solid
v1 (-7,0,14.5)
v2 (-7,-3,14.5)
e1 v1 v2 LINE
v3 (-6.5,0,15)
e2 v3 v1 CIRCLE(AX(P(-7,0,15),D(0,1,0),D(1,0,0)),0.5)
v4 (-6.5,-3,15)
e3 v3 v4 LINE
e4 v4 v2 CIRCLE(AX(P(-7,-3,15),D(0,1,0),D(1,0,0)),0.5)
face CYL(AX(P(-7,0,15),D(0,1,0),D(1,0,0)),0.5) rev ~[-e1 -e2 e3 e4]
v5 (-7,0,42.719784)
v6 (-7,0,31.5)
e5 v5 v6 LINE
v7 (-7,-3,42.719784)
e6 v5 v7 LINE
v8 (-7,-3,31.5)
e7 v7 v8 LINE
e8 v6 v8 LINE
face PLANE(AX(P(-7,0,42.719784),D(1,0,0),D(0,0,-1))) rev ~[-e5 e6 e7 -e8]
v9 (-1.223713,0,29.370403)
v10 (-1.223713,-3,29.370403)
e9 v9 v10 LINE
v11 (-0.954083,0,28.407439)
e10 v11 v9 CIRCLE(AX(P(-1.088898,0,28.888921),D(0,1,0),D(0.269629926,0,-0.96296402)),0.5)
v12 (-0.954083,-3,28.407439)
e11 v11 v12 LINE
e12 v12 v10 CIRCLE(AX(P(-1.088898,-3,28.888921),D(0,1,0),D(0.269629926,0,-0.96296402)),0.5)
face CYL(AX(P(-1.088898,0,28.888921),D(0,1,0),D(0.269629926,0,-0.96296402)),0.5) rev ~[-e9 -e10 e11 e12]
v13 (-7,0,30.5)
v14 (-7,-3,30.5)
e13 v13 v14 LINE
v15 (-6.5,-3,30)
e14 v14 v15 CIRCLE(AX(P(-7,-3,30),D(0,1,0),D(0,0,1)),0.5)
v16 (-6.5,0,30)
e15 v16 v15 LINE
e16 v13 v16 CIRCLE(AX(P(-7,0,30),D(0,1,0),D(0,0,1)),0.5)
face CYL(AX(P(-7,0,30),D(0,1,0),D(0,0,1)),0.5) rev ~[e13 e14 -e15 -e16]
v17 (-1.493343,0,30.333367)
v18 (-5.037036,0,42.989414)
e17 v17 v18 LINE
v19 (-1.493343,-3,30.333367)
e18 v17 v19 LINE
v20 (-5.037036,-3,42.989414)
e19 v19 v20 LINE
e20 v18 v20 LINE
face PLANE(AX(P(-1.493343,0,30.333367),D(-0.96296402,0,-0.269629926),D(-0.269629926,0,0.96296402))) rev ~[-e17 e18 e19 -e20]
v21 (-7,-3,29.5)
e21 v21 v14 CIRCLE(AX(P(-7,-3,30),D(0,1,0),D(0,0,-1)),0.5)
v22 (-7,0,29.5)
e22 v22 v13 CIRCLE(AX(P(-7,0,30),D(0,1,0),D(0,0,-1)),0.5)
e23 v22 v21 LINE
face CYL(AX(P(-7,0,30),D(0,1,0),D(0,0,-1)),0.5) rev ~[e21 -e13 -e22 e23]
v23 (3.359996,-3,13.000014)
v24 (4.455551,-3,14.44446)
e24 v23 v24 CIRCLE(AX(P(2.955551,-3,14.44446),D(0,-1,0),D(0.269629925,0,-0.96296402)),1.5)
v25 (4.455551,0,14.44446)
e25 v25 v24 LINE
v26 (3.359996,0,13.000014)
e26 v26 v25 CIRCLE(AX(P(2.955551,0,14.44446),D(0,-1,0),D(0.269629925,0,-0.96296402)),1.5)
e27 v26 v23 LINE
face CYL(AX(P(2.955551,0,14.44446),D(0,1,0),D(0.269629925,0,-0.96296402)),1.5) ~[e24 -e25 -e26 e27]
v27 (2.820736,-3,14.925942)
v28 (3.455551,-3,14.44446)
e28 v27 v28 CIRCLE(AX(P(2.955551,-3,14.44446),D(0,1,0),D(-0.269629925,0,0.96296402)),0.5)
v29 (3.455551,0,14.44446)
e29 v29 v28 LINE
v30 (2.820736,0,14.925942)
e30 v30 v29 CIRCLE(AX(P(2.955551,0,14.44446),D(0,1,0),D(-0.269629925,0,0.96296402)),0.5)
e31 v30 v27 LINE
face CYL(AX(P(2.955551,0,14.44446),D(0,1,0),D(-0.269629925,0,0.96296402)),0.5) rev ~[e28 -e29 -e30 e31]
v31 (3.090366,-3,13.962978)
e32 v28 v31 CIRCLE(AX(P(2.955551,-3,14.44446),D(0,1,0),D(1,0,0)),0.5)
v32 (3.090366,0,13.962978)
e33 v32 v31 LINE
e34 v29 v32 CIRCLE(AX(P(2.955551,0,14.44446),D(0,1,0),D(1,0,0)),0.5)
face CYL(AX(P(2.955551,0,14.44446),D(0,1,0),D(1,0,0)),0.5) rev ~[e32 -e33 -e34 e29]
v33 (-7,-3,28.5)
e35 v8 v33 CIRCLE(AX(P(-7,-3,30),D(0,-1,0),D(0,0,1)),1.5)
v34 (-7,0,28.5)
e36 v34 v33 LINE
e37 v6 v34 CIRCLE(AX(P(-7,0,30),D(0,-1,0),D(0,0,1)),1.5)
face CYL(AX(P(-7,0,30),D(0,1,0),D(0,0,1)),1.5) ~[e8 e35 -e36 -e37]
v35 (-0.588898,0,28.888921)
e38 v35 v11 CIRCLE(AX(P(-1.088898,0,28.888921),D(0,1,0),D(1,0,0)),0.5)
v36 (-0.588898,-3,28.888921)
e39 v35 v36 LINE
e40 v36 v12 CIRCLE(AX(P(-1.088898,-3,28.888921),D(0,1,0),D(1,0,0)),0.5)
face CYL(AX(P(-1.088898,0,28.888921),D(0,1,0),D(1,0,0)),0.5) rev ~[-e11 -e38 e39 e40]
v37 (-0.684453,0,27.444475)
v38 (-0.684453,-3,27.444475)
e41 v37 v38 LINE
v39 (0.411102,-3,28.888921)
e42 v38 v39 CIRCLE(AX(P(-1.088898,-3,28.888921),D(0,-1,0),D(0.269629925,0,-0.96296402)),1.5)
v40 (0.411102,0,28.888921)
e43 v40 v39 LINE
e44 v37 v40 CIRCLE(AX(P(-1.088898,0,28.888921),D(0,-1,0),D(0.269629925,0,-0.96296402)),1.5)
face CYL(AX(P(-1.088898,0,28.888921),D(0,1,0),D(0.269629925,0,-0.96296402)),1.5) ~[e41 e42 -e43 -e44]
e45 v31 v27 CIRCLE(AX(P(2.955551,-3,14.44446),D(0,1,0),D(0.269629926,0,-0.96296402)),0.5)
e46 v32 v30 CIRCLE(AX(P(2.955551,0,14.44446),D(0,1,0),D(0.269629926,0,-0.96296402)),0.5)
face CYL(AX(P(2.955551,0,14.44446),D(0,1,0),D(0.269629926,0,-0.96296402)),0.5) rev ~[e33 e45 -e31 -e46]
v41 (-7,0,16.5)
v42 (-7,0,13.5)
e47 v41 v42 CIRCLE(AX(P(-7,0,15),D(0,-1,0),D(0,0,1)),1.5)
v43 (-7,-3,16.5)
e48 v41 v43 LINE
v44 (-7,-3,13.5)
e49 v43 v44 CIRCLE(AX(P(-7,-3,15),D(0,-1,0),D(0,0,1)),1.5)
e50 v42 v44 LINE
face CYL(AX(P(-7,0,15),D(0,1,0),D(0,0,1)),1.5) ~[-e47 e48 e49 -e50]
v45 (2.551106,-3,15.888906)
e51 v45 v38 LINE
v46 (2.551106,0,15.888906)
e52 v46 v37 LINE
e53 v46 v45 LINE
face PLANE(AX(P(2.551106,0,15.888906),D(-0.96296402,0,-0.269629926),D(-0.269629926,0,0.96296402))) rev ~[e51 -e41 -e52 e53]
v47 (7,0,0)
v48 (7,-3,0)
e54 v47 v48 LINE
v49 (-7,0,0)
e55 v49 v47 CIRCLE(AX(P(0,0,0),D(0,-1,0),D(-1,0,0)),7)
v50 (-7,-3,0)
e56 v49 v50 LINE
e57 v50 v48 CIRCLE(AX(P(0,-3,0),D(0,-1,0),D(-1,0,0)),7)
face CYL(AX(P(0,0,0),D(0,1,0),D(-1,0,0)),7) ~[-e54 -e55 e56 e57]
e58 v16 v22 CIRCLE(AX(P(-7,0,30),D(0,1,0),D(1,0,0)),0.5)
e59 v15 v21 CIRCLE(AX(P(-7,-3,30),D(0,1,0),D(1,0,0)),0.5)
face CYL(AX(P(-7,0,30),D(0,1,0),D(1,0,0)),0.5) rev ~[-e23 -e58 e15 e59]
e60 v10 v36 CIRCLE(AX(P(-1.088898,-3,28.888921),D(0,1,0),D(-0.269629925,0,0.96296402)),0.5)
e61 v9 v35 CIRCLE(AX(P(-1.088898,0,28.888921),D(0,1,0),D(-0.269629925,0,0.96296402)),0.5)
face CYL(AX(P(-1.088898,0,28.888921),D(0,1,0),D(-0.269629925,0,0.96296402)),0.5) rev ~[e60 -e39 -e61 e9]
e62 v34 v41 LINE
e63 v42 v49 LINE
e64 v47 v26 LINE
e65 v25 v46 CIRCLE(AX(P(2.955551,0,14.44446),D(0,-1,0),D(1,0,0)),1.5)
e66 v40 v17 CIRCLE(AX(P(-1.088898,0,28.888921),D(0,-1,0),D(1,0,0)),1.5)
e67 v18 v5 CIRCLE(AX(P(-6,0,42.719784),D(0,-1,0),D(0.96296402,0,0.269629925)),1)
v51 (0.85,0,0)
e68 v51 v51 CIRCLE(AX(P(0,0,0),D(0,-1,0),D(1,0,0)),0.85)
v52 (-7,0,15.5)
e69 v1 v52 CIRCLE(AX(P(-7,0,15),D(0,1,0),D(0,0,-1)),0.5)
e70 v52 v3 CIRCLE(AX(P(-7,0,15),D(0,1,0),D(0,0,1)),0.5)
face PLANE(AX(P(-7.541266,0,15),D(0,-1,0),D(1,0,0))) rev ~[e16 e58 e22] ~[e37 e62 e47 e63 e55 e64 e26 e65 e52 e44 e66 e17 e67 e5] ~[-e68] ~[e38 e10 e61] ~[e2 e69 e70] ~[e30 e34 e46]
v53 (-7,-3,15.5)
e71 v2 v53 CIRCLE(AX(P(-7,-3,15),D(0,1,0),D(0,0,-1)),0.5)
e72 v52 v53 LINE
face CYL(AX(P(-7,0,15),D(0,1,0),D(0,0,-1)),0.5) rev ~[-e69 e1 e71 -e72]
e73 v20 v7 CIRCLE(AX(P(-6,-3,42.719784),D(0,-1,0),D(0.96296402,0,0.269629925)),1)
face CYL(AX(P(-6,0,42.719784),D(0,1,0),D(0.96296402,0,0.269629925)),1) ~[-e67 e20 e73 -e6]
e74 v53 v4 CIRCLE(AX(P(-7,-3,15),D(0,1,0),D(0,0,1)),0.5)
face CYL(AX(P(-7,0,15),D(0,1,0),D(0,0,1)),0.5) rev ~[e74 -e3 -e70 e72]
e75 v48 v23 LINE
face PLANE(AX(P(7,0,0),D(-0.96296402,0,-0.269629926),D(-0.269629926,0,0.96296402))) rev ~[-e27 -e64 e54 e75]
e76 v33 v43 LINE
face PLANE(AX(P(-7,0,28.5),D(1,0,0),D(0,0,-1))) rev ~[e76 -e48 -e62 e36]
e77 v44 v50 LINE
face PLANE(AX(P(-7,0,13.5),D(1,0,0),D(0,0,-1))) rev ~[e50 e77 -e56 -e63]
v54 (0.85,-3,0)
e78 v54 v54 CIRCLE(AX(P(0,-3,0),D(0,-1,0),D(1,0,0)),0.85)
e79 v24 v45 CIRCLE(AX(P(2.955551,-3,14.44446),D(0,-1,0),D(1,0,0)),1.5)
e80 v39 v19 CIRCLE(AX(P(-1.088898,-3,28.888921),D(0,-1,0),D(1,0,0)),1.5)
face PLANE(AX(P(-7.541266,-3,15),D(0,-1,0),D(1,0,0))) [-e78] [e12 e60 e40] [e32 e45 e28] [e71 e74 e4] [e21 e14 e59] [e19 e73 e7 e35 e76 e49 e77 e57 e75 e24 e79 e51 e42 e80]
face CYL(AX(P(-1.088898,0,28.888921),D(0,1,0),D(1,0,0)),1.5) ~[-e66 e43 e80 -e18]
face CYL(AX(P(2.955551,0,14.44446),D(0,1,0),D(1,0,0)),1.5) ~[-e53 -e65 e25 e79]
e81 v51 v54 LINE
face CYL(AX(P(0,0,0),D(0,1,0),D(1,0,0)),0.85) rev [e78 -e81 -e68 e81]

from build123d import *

# Parameters (mm, degrees)
F0_R     = 0.85
F1_DEPTH = 3


with BuildPart() as f1:
    # F0 (on Front) → F1 (new body)
    with BuildSketch(Plane.XZ):
        with BuildLine():
            ThreePointArc((-7, 16.5), (-8.5, 15), (-7, 13.5))
            Line((-7, 13.5), (-7, 14.5))
            ThreePointArc((-7, 14.5), (-7.5, 15), (-7, 15.5))
            Line((-7, 15.5), (-7, 16.5))
        make_face()
        with BuildLine():
            ThreePointArc((-7, 31.5), (-8.5, 30), (-7, 28.5))
            Line((-7, 28.5), (-7, 29.5))
            ThreePointArc((-7, 29.5), (-7.5, 30), (-7, 30.5))
            Line((-7, 30.5), (-7, 31.5))
        make_face()
        with BuildLine():
            Line((3.09036608, 13.9629782859), (3.3599960055, 13.0000142661))
            ThreePointArc((3.3599960055, 13.0000142661), (4.1506802593, 13.5380021699), (4.4555511172, 14.4444602957))
            ThreePointArc((4.4555511172, 14.4444602957), (3.862009243, 15.6395894378), (2.5511062289, 15.8889063253))
            Line((2.5511062289, 15.8889063253), (2.8207361544, 14.9259423056))
            ThreePointArc((2.8207361544, 14.9259423056), (3.2577038258, 14.8428366764), (3.4555511172, 14.4444602957))
            ThreePointArc((3.4555511172, 14.4444602957), (3.3539274979, 14.1423075871), (3.09036608, 13.9629782859))
        make_face()
        with BuildLine():
            Line((-0.9540828028, 28.4074385816), (-0.6844528773, 27.4444745619))
            ThreePointArc((-0.6844528773, 27.4444745619), (0.1062313765, 27.9824624656), (0.4111022344, 28.8889205914))
            ThreePointArc((0.4111022344, 28.8889205914), (-0.1824396398, 30.0840497335), (-1.4933426539, 30.333366621))
            Line((-1.4933426539, 30.333366621), (-1.2237127284, 29.3704026013))
            ThreePointArc((-1.2237127284, 29.3704026013), (-0.786745057, 29.2872969721), (-0.5888977656, 28.8889205914))
            ThreePointArc((-0.5888977656, 28.8889205914), (-0.6905213849, 28.5867678828), (-0.9540828028, 28.4074385816))
        make_face()
        with BuildLine():
            ThreePointArc((5.9821958457, 3.6350148368), (-1.8874094786, 6.740748138), (-7, 0))
            ThreePointArc((-7, 0), (0, -7), (7, 0))
            Line((7, 0), (5.9821958457, 3.6350148368))
        make_face()
        Circle(F0_R, mode=Mode.SUBTRACT)
        with BuildLine():
            Line((-7, 14.5), (-7, 13.5))
            ThreePointArc((-7, 13.5), (-5.9393398282, 13.9393398282), (-5.5, 15))
            ThreePointArc((-5.5, 15), (-5.9393398282, 16.0606601718), (-7, 16.5))
            Line((-7, 16.5), (-7, 15.5))
            ThreePointArc((-7, 15.5), (-6.6464466094, 15.3535533906), (-6.5, 15))
            ThreePointArc((-6.5, 15), (-6.6464466094, 14.6464466094), (-7, 14.5))
        make_face()
        with BuildLine():
            Line((-7, 29.5), (-7, 28.5))
            ThreePointArc((-7, 28.5), (-5.9393398282, 28.9393398282), (-5.5, 30))
            ThreePointArc((-5.5, 30), (-5.9393398282, 31.0606601718), (-7, 31.5))
            Line((-7, 31.5), (-7, 30.5))
            ThreePointArc((-7, 30.5), (-6.6464466094, 30.3535533906), (-6.5, 30))
            ThreePointArc((-6.5, 30), (-6.6464466094, 29.6464466094), (-7, 29.5))
        make_face()
        with BuildLine():
            ThreePointArc((2.5511062289, 15.8889063253), (1.5111050876, 14.0400154074), (3.3599960055, 13.0000142661))
            Line((3.3599960055, 13.0000142661), (3.09036608, 13.9629782859))
            ThreePointArc((3.09036608, 13.9629782859), (2.4740691073, 14.309645333), (2.8207361544, 14.9259423056))
            Line((2.8207361544, 14.9259423056), (2.5511062289, 15.8889063253))
        make_face()
        with BuildLine():
            ThreePointArc((-1.4933426539, 30.333366621), (-2.5333437952, 28.4844757031), (-0.6844528773, 27.4444745619))
            Line((-0.6844528773, 27.4444745619), (-0.9540828028, 28.4074385816))
            ThreePointArc((-0.9540828028, 28.4074385816), (-1.5703797755, 28.7541056287), (-1.2237127284, 29.3704026013))
            Line((-1.2237127284, 29.3704026013), (-1.4933426539, 30.333366621))
        make_face()
        with BuildLine():
            Line((-7, 13.5), (-7, 0))
            ThreePointArc((-7, 0), (-1.8874094786, 6.740748138), (5.9821958457, 3.6350148368))
            Line((5.9821958457, 3.6350148368), (3.3599960055, 13.0000142661))
            ThreePointArc((3.3599960055, 13.0000142661), (1.5111050876, 14.0400154074), (2.5511062289, 15.8889063253))
            Line((2.5511062289, 15.8889063253), (-0.6844528773, 27.4444745619))
            ThreePointArc((-0.6844528773, 27.4444745619), (-2.5333437952, 28.4844757031), (-1.4933426539, 30.333366621))
            Line((-1.4933426539, 30.333366621), (-5.0370359803, 42.9894142153))
            ThreePointArc((-5.0370359803, 42.9894142153), (-6.1360808221, 43.7104820287), (-7, 42.7197842898))
            Line((-7, 42.7197842898), (-7, 31.5))
            ThreePointArc((-7, 31.5), (-5.9393398282, 31.0606601718), (-5.5, 30))
            ThreePointArc((-5.5, 30), (-5.9393398282, 28.9393398282), (-7, 28.5))
            Line((-7, 28.5), (-7, 16.5))
            ThreePointArc((-7, 16.5), (-5.9393398282, 16.0606601718), (-5.5, 15))
            ThreePointArc((-5.5, 15), (-5.9393398282, 13.9393398282), (-7, 13.5))
        make_face()
    extrude(amount=F1_DEPTH)


solid = f1.part
